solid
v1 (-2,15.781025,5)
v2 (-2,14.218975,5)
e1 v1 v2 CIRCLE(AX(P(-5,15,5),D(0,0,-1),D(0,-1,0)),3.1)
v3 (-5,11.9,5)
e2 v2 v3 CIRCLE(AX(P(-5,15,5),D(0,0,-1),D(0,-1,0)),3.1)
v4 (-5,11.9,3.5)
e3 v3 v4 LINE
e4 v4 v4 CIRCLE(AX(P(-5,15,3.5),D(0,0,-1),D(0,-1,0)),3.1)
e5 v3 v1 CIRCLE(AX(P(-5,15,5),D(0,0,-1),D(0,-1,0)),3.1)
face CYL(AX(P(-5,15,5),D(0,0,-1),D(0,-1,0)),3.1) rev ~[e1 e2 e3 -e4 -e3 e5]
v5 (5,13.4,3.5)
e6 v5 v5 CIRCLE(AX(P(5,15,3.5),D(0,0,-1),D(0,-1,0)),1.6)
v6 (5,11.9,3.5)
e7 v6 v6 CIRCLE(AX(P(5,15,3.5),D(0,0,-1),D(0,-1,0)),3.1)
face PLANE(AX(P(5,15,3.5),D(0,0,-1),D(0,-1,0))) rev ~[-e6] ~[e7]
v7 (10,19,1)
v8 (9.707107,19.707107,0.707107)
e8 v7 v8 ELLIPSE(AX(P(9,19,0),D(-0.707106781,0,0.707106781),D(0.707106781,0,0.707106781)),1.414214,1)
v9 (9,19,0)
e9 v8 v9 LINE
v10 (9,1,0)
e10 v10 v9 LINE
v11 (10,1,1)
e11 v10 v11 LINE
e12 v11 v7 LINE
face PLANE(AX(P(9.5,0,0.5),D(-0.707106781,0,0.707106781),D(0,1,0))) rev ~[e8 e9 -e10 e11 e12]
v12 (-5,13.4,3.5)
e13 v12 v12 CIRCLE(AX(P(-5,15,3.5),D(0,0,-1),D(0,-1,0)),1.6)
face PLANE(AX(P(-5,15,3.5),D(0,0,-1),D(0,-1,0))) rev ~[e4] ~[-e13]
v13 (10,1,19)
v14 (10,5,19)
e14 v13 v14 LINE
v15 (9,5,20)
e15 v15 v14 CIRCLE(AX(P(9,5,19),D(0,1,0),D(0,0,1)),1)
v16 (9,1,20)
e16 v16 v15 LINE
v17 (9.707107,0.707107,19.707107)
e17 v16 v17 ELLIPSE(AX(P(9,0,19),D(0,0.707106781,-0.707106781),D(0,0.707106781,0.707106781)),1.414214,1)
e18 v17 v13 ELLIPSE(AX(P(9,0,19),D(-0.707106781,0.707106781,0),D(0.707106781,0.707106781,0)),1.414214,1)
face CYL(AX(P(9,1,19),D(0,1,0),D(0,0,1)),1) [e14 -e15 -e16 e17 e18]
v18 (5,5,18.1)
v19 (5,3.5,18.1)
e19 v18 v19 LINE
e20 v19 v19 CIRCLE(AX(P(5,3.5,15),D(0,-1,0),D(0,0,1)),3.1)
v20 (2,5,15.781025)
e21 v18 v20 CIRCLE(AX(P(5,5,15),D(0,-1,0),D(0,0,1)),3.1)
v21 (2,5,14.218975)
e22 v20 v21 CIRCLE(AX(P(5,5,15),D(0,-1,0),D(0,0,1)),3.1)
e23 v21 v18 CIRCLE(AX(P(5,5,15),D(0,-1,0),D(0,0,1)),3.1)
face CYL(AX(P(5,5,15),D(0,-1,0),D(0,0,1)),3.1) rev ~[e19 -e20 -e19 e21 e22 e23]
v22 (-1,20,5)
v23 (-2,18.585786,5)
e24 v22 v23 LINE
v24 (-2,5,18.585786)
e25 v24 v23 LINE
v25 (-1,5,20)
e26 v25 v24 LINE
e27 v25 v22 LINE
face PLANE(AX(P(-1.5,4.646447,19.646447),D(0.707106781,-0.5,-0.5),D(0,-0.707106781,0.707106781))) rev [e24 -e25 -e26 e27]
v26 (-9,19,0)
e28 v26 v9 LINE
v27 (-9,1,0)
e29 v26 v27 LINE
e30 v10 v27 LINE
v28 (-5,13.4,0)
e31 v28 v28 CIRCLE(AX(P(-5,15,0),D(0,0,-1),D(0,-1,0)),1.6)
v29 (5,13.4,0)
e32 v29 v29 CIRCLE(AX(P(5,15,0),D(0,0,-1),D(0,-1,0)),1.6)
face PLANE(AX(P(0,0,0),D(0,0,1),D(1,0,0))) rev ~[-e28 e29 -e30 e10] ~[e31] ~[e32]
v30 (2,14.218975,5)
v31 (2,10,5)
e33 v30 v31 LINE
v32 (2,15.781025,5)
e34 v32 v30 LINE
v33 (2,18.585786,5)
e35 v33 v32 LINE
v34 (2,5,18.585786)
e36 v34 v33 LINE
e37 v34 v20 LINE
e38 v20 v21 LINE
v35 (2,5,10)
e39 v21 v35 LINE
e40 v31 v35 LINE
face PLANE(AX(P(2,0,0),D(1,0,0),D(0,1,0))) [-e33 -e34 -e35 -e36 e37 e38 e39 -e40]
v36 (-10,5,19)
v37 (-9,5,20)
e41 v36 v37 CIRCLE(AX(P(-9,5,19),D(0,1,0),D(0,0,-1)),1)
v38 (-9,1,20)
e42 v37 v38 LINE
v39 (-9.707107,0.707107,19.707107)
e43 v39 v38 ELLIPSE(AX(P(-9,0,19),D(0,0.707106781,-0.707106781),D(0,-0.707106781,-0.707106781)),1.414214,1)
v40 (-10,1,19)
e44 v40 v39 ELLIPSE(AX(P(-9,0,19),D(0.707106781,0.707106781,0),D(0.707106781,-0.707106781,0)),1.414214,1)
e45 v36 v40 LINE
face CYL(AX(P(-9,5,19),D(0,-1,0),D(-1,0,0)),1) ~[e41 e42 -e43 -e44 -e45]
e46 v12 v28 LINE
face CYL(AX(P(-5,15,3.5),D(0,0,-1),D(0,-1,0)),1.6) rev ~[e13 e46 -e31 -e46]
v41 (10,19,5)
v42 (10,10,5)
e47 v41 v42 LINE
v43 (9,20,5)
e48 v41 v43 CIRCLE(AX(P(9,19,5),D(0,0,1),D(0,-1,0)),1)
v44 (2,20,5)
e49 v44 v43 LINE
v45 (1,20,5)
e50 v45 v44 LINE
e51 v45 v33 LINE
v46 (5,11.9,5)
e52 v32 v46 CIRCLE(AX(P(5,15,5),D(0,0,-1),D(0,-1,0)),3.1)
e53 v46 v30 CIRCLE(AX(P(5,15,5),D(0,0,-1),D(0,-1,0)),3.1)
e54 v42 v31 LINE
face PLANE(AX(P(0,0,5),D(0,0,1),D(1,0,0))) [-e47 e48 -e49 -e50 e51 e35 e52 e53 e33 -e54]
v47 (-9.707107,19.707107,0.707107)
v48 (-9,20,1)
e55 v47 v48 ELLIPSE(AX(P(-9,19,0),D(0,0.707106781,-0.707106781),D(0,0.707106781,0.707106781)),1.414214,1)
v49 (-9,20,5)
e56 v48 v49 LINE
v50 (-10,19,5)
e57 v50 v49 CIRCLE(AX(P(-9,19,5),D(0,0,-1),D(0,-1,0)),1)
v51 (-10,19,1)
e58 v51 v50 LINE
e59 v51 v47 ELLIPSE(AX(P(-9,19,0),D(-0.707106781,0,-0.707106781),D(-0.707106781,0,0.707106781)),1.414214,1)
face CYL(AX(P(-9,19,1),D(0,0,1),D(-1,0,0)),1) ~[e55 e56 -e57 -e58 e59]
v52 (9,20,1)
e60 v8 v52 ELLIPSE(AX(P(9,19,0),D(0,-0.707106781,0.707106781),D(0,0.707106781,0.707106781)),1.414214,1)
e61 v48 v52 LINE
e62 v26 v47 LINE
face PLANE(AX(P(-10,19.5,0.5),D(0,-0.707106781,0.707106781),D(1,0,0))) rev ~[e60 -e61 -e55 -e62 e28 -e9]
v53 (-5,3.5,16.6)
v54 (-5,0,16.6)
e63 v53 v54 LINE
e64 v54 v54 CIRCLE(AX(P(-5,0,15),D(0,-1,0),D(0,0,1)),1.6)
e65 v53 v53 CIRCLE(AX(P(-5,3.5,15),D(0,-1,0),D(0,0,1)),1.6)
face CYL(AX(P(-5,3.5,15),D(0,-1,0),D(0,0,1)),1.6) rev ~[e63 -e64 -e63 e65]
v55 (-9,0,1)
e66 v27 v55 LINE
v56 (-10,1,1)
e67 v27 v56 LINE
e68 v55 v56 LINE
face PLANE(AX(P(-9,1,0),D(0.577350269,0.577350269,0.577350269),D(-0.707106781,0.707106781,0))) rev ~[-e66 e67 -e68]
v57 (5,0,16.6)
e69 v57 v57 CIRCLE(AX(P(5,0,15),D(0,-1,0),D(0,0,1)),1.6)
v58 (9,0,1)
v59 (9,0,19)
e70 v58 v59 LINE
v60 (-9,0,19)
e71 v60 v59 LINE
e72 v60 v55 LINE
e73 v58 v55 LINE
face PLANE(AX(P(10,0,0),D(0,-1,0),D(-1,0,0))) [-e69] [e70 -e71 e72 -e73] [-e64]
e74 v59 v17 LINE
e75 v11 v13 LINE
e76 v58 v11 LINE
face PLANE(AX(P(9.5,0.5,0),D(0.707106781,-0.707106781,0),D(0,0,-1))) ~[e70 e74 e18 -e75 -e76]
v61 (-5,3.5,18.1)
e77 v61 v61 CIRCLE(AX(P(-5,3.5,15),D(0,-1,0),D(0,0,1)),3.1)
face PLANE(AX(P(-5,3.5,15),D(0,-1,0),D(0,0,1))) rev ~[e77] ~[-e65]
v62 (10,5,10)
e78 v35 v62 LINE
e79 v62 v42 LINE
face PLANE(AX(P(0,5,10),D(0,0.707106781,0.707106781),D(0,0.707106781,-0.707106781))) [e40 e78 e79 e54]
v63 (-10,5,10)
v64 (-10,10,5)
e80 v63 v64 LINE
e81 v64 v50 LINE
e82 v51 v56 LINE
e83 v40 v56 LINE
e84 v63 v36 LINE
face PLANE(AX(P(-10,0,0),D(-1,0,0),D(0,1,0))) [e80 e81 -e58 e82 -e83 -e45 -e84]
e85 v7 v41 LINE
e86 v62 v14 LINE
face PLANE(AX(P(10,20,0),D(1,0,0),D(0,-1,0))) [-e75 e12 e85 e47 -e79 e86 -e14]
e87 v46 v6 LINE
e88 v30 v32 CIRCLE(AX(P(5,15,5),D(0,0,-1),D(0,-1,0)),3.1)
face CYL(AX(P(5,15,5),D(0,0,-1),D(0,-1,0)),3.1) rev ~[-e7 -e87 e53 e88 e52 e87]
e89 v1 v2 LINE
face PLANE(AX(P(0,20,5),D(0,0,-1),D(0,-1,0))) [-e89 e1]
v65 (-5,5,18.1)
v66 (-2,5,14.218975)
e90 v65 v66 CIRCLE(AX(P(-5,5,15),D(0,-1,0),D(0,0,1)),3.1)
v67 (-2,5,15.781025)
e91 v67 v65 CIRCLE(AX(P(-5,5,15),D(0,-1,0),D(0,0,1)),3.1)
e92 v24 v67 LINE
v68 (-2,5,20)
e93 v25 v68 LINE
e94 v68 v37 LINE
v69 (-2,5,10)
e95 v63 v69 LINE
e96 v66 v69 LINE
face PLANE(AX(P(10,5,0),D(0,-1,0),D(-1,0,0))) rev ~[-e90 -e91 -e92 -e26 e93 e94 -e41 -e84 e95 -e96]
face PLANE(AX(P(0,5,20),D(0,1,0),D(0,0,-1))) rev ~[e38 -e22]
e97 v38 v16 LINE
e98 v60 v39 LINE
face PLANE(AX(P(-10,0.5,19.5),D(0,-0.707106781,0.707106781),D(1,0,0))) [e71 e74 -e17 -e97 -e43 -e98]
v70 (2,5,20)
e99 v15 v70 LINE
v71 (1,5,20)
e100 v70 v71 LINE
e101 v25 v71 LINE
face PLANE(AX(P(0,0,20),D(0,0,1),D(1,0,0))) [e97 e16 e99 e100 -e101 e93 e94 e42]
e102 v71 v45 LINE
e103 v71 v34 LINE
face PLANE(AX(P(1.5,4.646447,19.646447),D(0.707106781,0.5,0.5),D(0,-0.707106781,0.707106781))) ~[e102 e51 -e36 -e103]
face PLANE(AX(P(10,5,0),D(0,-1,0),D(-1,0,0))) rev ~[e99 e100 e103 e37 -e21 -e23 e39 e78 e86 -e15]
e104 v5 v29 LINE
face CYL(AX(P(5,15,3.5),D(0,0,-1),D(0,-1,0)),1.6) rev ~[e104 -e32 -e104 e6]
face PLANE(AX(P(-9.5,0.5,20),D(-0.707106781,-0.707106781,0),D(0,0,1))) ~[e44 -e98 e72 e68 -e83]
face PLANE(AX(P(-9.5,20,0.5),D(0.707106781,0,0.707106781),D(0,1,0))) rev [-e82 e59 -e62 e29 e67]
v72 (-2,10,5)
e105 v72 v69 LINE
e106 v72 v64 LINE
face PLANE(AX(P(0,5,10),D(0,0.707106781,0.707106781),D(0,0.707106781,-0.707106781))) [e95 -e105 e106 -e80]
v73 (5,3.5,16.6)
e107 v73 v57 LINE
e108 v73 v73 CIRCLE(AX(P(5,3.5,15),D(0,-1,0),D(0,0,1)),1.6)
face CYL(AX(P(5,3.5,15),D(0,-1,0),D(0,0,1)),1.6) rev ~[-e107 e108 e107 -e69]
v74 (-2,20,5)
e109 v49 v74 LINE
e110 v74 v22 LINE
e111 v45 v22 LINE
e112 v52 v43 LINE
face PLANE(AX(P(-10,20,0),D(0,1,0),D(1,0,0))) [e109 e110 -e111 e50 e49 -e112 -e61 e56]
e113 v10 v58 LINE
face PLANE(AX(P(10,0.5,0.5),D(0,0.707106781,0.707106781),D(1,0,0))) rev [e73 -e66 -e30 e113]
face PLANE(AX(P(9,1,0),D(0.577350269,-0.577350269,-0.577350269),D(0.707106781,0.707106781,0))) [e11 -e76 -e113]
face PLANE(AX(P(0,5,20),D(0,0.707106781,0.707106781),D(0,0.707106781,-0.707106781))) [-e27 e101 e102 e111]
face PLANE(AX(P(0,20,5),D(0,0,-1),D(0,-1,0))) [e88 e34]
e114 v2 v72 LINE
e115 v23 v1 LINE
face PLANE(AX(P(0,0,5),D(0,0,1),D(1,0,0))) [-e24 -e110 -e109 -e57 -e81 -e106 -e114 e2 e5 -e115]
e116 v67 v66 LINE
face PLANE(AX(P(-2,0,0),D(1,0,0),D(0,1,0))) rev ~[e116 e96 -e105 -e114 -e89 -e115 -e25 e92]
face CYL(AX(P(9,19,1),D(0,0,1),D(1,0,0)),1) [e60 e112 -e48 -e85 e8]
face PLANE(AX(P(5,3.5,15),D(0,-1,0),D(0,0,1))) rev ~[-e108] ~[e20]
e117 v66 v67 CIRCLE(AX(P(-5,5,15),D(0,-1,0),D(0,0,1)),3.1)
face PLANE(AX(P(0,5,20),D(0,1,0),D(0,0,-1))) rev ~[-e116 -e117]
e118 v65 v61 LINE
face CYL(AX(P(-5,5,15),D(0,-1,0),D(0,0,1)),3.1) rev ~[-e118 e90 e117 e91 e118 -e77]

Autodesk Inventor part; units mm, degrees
ref_plane "YZ Plane" through (0, 0, 0) normal (1, 0, 0) x (0, 1, 0)
ref_plane "XZ Plane" through (0, 0, 0) normal (0, 1, 0) x (-1, 0, 0)
ref_plane "XY Plane" through (0, 0, 0) normal (0, 0, 1) x (1, 0, 0)
sketch "Boceto1" plane through (0, 0, 0) normal (0, 0, 1) x (1, 0, 0)
  line L0 (10, 0) -> (-10, 0)
  line L1 (-10, 0) -> (-10, 20)
  line L2 (-10, 20) -> (10, 20)
  line L3 (10, 20) -> (10, 0)
  point P0 (0, 0)
  point P1 (0, 0)
  dimension "d0" = 20
  dimension "d1" = 20
extrude "Extrusión1" add sketch "Boceto1" along normal blind 5
sketch "Boceto2" plane through (0, 0, 0) normal (0, 0, 1) x (1, 0, 0)
  line L0 (-10, 0) -> (10, 0) construction
  line L1 (-10, 0) -> (10, 0)
  line L2 (10, 0) -> (10, 5)
  line L3 (10, 5) -> (-10, 5)
  line L4 (-10, 5) -> (-10, 0)
  point P0 (0, 0)
  dimension "d4" = 5
extrude "Extrusión2" add sketch "Boceto2" along normal blind 20
sketch "Boceto3" plane through (0, 0, 5) normal (0, 0, 1) x (1, 0, 0)
  line L0 (-10, 20) -> (-10, 5) construction
  line L1 (10, 20) -> (-10, 20) construction
  line L2 (10, 5) -> (10, 20) construction
  point P0 (0, 0)
  point P1 (-5, 15)
  point P2 (5, 15)
  dimension "d7" = 5
  dimension "d8" = 5
  dimension "d9" = 5
  dimension "d10" = 5
sketch "Boceto4" plane through (-10, 5, 5) normal (0, 1, 0) x (1, 0, 0)
  line L0 (0, 0) -> (0, -15) construction
  line L1 (20, -15) -> (0, -15) construction
  line L2 (20, 0) -> (20, -15) construction
  point P0 (10, 5)
  point P1 (5, -10)
  point P2 (15, -10)
  dimension "d14" = 5
  dimension "d15" = 5
  dimension "d16" = 5
  dimension "d17" = 5
hole "Agujero1" at (-5, 5, 15) at (5, 5, 15) direction (0, -1, 0) diameter 3.2 end through all counterbore diameter 6.2 counterbore depth 1.5
hole "Agujero2" at (-5, 15, 5) at (5, 15, 5) direction (0, 0, -1) diameter 3.2 end through all counterbore diameter 6.2 counterbore depth 1.5
sketch "Boceto5" plane through (0, 0, 0) normal (1, 0, 0) x (0, 1, 0)
  line L0 (5, 5) -> (5, 20) construction
  line L1 (5, 20) -> (20, 5)
  line L2 (20, 5) -> (5, 5) construction
  line L3 (5, 5) -> (20, 5) construction
  line L4 (5, 20) -> (5, 5)
  line L5 (20, 5) -> (5, 5)
  point P0 (0, 0)
  dimension "d32" = 45
  dimension "d33" = 15
extrude "Extrusión4" add sketch "Boceto5" along normal mid plane 4
sketch "Boceto6" plane through (0, 0, 0) normal (1, 0, 0) x (0, 1, 0)
  line L0 (5, 5) -> (5, 20) construction
  line L1 (5, 10) -> (10, 5)
  line L2 (5, 5) -> (20, 5) construction
  line L3 (5, 5) -> (10, 5)
  line L4 (5, 10) -> (5, 5)
  point P0 (0, 0)
  dimension "d36" = 45
  dimension "d37" = 5
extrude "Extrusión5" add sketch "Boceto6" along normal mid plane 20
chamfer "Chaflán1" distance 1 angle 45 9 edges at (-10, 0, 10) (0, 0, 20) (10, 0, 10) (0, 0, 0) (-10, 10, 0) (10, 10, 0) (0, 20, 0) (-2, 12.5, 12.5) (2, 12.5, 12.5)
fillet "Empalme1" radius 1 4 edges at (-10, 3, 20) (-10, 20, 3) (10, 20, 3) (10, 3, 20)
properties part number "T"
